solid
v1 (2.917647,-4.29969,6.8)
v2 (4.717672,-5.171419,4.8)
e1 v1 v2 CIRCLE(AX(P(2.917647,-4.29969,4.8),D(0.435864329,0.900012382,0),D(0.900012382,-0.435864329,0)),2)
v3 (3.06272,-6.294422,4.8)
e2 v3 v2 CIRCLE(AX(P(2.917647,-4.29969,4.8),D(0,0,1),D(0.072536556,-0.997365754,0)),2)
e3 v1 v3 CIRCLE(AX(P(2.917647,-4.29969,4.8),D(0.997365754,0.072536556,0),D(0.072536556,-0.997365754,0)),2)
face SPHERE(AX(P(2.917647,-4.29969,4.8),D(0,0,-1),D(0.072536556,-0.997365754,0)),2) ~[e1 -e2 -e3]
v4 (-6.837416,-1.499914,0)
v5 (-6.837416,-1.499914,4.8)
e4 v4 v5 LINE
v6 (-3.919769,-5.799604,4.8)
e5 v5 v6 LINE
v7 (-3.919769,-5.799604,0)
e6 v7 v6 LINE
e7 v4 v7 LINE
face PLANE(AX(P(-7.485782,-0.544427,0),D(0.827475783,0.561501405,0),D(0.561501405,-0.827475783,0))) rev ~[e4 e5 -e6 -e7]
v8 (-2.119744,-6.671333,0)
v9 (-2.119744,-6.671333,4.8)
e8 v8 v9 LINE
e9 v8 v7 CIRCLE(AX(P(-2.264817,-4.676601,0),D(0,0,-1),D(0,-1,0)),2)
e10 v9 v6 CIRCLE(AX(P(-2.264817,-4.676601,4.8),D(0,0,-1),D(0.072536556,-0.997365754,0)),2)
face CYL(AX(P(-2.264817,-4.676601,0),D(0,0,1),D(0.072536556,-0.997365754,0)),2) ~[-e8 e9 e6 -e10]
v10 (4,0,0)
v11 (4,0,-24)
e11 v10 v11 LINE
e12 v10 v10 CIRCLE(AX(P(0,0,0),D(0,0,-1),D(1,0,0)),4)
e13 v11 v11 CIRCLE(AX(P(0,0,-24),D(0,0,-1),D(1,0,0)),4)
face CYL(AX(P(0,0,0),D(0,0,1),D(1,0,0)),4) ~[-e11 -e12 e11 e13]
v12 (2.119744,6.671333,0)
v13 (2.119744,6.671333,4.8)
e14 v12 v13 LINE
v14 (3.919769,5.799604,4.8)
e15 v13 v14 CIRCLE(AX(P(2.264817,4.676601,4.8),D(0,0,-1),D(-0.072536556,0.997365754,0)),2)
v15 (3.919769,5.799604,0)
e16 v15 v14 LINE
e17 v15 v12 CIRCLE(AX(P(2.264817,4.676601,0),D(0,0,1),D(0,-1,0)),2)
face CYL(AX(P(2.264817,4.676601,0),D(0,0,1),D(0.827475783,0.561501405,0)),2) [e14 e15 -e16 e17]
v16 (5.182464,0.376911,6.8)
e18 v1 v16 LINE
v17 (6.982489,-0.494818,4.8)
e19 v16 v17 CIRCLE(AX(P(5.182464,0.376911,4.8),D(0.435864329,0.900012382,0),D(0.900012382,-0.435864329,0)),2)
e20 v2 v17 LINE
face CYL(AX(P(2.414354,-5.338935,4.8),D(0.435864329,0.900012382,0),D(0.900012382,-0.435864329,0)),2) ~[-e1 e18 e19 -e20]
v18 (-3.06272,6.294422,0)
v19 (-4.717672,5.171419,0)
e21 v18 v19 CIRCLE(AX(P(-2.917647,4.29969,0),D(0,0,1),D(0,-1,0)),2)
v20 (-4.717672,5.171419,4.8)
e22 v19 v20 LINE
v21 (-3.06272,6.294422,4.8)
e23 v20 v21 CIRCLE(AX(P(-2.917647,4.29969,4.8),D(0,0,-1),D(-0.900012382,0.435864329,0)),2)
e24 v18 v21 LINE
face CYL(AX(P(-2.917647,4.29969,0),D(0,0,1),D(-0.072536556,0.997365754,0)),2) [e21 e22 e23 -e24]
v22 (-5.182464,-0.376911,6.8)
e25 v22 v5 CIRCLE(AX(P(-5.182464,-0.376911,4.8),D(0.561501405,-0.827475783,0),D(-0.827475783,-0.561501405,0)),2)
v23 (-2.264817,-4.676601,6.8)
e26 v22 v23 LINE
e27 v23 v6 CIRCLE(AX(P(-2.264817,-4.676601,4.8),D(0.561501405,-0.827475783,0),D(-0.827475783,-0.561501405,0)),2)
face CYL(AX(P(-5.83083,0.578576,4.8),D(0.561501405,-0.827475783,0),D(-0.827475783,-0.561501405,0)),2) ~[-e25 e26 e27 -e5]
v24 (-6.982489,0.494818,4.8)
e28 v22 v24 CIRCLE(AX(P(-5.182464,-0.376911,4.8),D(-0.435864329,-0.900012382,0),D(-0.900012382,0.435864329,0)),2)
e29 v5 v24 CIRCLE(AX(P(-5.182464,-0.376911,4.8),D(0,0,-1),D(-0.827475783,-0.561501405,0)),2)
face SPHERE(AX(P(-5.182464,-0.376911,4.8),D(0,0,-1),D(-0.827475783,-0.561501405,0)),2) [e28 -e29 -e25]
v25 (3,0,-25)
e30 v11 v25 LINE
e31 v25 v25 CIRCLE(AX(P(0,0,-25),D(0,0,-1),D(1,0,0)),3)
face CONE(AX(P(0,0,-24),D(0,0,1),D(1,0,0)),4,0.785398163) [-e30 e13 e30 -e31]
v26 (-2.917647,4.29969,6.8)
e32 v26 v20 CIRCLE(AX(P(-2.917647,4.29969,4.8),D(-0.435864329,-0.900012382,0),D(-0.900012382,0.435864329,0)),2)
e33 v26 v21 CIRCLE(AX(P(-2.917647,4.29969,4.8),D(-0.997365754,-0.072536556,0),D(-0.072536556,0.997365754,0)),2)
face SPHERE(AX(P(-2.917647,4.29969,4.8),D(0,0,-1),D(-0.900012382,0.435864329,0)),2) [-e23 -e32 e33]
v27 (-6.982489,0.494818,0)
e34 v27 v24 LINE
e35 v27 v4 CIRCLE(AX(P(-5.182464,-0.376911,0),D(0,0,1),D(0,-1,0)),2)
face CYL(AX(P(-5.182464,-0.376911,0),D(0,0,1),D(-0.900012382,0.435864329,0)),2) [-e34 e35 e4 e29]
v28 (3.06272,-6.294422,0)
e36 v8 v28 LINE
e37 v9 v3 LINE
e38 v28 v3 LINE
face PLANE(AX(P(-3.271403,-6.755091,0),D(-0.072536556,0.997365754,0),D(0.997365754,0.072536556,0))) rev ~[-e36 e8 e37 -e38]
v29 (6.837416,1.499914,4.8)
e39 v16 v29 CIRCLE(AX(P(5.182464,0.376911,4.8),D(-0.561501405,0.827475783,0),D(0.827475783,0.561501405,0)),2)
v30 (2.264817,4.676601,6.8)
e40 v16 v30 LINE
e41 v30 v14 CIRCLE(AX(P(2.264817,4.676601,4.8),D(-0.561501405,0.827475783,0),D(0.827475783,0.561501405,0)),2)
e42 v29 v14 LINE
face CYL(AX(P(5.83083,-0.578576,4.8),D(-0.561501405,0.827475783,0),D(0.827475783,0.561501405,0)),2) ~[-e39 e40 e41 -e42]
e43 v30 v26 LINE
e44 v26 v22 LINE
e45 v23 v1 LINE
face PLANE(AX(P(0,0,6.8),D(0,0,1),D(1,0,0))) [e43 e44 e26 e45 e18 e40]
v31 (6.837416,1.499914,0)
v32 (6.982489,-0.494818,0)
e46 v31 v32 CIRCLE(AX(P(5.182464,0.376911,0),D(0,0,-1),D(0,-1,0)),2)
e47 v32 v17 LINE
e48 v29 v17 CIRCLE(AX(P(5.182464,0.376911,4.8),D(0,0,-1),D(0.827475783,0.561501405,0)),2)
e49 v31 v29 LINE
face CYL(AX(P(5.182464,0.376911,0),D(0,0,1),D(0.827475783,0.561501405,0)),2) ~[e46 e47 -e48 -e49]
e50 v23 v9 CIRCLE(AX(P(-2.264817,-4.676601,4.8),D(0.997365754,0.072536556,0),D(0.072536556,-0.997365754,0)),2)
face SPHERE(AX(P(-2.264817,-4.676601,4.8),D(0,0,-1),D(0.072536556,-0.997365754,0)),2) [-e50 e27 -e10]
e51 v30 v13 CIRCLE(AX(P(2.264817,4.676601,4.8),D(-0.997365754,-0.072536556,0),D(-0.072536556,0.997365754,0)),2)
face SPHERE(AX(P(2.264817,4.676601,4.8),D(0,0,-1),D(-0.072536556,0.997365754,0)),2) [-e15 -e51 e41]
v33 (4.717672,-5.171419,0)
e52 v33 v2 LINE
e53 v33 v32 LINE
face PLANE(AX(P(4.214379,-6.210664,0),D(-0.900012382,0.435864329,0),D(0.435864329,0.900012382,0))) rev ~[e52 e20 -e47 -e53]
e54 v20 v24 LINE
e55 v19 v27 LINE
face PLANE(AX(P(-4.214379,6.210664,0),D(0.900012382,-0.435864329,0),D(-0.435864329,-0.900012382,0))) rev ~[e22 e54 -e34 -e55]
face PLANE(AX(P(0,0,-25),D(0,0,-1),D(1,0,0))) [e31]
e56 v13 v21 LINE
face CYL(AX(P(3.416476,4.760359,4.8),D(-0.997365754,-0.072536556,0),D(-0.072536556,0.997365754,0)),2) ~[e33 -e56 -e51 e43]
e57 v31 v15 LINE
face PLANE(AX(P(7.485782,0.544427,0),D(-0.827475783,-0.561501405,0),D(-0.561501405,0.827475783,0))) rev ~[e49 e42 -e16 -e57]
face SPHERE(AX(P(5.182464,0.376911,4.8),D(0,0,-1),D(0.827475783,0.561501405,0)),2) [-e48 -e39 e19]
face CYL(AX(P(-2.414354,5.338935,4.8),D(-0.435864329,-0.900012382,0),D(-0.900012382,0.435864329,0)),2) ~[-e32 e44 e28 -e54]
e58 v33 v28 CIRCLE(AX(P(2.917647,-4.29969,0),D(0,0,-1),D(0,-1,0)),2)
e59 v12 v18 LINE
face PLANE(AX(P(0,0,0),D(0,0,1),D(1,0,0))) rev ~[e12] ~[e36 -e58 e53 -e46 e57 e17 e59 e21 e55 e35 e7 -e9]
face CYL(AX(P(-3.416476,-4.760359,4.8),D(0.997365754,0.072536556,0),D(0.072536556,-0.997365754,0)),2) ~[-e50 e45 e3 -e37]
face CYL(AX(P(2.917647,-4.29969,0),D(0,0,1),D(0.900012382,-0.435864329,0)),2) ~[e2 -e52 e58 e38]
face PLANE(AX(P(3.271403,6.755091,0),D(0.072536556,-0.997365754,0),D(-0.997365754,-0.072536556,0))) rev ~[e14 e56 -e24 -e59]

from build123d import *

# Parameters (mm, degrees)
F1_DEPTH = 6.8
F2_R     = 4
F3_DEPTH = 25
F4_SIZE  = 1
F5_R     = 2


with BuildPart() as f1:
    # F0 (on Top) → F1 (new body)
    with BuildSketch(Plane.XY):
        Polygon((7.485782, 0.544427), (3.271403, 6.755091), (-4.214379, 6.210664), (-7.485782, -0.544427), (-3.271403, -6.755091), (4.214379, -6.210664), align=None)
    extrude(amount=F1_DEPTH)

    # F2 (on face) → F3 (join)
    with BuildSketch(Plane(origin=(0, 0, 0), x_dir=(1, 0, 0), z_dir=(0, 0, -1))):
        Circle(F2_R)
    extrude(amount=F3_DEPTH)

    # F4
    f4_edges = [f1.edges().sort_by_distance(p)[0] for p in [
        (-4, 0, -25),
    ]]
    chamfer(f4_edges, length=F4_SIZE)

    # F5
    f5_edges = [f1.edges().sort_by_distance(p)[0] for p in [
        (0.471488, -6.482877, 6.8),
        (-5.378592, -3.649759, 6.8),
        (-5.85008, 2.833118, 6.8),
        (-0.471488, 6.482877, 6.8),
        (5.378592, 3.649759, 6.8),
        (5.85008, -2.833118, 6.8),
        (7.485782, 0.544427, 3.4),
        (4.214379, -6.210664, 3.4),
        (-3.271403, -6.755091, 3.4),
        (-7.485782, -0.544427, 3.4),
        (-4.214379, 6.210664, 3.4),
        (3.271403, 6.755091, 3.4),
    ]]
    fillet(f5_edges, radius=F5_R)


solid = f1.part
